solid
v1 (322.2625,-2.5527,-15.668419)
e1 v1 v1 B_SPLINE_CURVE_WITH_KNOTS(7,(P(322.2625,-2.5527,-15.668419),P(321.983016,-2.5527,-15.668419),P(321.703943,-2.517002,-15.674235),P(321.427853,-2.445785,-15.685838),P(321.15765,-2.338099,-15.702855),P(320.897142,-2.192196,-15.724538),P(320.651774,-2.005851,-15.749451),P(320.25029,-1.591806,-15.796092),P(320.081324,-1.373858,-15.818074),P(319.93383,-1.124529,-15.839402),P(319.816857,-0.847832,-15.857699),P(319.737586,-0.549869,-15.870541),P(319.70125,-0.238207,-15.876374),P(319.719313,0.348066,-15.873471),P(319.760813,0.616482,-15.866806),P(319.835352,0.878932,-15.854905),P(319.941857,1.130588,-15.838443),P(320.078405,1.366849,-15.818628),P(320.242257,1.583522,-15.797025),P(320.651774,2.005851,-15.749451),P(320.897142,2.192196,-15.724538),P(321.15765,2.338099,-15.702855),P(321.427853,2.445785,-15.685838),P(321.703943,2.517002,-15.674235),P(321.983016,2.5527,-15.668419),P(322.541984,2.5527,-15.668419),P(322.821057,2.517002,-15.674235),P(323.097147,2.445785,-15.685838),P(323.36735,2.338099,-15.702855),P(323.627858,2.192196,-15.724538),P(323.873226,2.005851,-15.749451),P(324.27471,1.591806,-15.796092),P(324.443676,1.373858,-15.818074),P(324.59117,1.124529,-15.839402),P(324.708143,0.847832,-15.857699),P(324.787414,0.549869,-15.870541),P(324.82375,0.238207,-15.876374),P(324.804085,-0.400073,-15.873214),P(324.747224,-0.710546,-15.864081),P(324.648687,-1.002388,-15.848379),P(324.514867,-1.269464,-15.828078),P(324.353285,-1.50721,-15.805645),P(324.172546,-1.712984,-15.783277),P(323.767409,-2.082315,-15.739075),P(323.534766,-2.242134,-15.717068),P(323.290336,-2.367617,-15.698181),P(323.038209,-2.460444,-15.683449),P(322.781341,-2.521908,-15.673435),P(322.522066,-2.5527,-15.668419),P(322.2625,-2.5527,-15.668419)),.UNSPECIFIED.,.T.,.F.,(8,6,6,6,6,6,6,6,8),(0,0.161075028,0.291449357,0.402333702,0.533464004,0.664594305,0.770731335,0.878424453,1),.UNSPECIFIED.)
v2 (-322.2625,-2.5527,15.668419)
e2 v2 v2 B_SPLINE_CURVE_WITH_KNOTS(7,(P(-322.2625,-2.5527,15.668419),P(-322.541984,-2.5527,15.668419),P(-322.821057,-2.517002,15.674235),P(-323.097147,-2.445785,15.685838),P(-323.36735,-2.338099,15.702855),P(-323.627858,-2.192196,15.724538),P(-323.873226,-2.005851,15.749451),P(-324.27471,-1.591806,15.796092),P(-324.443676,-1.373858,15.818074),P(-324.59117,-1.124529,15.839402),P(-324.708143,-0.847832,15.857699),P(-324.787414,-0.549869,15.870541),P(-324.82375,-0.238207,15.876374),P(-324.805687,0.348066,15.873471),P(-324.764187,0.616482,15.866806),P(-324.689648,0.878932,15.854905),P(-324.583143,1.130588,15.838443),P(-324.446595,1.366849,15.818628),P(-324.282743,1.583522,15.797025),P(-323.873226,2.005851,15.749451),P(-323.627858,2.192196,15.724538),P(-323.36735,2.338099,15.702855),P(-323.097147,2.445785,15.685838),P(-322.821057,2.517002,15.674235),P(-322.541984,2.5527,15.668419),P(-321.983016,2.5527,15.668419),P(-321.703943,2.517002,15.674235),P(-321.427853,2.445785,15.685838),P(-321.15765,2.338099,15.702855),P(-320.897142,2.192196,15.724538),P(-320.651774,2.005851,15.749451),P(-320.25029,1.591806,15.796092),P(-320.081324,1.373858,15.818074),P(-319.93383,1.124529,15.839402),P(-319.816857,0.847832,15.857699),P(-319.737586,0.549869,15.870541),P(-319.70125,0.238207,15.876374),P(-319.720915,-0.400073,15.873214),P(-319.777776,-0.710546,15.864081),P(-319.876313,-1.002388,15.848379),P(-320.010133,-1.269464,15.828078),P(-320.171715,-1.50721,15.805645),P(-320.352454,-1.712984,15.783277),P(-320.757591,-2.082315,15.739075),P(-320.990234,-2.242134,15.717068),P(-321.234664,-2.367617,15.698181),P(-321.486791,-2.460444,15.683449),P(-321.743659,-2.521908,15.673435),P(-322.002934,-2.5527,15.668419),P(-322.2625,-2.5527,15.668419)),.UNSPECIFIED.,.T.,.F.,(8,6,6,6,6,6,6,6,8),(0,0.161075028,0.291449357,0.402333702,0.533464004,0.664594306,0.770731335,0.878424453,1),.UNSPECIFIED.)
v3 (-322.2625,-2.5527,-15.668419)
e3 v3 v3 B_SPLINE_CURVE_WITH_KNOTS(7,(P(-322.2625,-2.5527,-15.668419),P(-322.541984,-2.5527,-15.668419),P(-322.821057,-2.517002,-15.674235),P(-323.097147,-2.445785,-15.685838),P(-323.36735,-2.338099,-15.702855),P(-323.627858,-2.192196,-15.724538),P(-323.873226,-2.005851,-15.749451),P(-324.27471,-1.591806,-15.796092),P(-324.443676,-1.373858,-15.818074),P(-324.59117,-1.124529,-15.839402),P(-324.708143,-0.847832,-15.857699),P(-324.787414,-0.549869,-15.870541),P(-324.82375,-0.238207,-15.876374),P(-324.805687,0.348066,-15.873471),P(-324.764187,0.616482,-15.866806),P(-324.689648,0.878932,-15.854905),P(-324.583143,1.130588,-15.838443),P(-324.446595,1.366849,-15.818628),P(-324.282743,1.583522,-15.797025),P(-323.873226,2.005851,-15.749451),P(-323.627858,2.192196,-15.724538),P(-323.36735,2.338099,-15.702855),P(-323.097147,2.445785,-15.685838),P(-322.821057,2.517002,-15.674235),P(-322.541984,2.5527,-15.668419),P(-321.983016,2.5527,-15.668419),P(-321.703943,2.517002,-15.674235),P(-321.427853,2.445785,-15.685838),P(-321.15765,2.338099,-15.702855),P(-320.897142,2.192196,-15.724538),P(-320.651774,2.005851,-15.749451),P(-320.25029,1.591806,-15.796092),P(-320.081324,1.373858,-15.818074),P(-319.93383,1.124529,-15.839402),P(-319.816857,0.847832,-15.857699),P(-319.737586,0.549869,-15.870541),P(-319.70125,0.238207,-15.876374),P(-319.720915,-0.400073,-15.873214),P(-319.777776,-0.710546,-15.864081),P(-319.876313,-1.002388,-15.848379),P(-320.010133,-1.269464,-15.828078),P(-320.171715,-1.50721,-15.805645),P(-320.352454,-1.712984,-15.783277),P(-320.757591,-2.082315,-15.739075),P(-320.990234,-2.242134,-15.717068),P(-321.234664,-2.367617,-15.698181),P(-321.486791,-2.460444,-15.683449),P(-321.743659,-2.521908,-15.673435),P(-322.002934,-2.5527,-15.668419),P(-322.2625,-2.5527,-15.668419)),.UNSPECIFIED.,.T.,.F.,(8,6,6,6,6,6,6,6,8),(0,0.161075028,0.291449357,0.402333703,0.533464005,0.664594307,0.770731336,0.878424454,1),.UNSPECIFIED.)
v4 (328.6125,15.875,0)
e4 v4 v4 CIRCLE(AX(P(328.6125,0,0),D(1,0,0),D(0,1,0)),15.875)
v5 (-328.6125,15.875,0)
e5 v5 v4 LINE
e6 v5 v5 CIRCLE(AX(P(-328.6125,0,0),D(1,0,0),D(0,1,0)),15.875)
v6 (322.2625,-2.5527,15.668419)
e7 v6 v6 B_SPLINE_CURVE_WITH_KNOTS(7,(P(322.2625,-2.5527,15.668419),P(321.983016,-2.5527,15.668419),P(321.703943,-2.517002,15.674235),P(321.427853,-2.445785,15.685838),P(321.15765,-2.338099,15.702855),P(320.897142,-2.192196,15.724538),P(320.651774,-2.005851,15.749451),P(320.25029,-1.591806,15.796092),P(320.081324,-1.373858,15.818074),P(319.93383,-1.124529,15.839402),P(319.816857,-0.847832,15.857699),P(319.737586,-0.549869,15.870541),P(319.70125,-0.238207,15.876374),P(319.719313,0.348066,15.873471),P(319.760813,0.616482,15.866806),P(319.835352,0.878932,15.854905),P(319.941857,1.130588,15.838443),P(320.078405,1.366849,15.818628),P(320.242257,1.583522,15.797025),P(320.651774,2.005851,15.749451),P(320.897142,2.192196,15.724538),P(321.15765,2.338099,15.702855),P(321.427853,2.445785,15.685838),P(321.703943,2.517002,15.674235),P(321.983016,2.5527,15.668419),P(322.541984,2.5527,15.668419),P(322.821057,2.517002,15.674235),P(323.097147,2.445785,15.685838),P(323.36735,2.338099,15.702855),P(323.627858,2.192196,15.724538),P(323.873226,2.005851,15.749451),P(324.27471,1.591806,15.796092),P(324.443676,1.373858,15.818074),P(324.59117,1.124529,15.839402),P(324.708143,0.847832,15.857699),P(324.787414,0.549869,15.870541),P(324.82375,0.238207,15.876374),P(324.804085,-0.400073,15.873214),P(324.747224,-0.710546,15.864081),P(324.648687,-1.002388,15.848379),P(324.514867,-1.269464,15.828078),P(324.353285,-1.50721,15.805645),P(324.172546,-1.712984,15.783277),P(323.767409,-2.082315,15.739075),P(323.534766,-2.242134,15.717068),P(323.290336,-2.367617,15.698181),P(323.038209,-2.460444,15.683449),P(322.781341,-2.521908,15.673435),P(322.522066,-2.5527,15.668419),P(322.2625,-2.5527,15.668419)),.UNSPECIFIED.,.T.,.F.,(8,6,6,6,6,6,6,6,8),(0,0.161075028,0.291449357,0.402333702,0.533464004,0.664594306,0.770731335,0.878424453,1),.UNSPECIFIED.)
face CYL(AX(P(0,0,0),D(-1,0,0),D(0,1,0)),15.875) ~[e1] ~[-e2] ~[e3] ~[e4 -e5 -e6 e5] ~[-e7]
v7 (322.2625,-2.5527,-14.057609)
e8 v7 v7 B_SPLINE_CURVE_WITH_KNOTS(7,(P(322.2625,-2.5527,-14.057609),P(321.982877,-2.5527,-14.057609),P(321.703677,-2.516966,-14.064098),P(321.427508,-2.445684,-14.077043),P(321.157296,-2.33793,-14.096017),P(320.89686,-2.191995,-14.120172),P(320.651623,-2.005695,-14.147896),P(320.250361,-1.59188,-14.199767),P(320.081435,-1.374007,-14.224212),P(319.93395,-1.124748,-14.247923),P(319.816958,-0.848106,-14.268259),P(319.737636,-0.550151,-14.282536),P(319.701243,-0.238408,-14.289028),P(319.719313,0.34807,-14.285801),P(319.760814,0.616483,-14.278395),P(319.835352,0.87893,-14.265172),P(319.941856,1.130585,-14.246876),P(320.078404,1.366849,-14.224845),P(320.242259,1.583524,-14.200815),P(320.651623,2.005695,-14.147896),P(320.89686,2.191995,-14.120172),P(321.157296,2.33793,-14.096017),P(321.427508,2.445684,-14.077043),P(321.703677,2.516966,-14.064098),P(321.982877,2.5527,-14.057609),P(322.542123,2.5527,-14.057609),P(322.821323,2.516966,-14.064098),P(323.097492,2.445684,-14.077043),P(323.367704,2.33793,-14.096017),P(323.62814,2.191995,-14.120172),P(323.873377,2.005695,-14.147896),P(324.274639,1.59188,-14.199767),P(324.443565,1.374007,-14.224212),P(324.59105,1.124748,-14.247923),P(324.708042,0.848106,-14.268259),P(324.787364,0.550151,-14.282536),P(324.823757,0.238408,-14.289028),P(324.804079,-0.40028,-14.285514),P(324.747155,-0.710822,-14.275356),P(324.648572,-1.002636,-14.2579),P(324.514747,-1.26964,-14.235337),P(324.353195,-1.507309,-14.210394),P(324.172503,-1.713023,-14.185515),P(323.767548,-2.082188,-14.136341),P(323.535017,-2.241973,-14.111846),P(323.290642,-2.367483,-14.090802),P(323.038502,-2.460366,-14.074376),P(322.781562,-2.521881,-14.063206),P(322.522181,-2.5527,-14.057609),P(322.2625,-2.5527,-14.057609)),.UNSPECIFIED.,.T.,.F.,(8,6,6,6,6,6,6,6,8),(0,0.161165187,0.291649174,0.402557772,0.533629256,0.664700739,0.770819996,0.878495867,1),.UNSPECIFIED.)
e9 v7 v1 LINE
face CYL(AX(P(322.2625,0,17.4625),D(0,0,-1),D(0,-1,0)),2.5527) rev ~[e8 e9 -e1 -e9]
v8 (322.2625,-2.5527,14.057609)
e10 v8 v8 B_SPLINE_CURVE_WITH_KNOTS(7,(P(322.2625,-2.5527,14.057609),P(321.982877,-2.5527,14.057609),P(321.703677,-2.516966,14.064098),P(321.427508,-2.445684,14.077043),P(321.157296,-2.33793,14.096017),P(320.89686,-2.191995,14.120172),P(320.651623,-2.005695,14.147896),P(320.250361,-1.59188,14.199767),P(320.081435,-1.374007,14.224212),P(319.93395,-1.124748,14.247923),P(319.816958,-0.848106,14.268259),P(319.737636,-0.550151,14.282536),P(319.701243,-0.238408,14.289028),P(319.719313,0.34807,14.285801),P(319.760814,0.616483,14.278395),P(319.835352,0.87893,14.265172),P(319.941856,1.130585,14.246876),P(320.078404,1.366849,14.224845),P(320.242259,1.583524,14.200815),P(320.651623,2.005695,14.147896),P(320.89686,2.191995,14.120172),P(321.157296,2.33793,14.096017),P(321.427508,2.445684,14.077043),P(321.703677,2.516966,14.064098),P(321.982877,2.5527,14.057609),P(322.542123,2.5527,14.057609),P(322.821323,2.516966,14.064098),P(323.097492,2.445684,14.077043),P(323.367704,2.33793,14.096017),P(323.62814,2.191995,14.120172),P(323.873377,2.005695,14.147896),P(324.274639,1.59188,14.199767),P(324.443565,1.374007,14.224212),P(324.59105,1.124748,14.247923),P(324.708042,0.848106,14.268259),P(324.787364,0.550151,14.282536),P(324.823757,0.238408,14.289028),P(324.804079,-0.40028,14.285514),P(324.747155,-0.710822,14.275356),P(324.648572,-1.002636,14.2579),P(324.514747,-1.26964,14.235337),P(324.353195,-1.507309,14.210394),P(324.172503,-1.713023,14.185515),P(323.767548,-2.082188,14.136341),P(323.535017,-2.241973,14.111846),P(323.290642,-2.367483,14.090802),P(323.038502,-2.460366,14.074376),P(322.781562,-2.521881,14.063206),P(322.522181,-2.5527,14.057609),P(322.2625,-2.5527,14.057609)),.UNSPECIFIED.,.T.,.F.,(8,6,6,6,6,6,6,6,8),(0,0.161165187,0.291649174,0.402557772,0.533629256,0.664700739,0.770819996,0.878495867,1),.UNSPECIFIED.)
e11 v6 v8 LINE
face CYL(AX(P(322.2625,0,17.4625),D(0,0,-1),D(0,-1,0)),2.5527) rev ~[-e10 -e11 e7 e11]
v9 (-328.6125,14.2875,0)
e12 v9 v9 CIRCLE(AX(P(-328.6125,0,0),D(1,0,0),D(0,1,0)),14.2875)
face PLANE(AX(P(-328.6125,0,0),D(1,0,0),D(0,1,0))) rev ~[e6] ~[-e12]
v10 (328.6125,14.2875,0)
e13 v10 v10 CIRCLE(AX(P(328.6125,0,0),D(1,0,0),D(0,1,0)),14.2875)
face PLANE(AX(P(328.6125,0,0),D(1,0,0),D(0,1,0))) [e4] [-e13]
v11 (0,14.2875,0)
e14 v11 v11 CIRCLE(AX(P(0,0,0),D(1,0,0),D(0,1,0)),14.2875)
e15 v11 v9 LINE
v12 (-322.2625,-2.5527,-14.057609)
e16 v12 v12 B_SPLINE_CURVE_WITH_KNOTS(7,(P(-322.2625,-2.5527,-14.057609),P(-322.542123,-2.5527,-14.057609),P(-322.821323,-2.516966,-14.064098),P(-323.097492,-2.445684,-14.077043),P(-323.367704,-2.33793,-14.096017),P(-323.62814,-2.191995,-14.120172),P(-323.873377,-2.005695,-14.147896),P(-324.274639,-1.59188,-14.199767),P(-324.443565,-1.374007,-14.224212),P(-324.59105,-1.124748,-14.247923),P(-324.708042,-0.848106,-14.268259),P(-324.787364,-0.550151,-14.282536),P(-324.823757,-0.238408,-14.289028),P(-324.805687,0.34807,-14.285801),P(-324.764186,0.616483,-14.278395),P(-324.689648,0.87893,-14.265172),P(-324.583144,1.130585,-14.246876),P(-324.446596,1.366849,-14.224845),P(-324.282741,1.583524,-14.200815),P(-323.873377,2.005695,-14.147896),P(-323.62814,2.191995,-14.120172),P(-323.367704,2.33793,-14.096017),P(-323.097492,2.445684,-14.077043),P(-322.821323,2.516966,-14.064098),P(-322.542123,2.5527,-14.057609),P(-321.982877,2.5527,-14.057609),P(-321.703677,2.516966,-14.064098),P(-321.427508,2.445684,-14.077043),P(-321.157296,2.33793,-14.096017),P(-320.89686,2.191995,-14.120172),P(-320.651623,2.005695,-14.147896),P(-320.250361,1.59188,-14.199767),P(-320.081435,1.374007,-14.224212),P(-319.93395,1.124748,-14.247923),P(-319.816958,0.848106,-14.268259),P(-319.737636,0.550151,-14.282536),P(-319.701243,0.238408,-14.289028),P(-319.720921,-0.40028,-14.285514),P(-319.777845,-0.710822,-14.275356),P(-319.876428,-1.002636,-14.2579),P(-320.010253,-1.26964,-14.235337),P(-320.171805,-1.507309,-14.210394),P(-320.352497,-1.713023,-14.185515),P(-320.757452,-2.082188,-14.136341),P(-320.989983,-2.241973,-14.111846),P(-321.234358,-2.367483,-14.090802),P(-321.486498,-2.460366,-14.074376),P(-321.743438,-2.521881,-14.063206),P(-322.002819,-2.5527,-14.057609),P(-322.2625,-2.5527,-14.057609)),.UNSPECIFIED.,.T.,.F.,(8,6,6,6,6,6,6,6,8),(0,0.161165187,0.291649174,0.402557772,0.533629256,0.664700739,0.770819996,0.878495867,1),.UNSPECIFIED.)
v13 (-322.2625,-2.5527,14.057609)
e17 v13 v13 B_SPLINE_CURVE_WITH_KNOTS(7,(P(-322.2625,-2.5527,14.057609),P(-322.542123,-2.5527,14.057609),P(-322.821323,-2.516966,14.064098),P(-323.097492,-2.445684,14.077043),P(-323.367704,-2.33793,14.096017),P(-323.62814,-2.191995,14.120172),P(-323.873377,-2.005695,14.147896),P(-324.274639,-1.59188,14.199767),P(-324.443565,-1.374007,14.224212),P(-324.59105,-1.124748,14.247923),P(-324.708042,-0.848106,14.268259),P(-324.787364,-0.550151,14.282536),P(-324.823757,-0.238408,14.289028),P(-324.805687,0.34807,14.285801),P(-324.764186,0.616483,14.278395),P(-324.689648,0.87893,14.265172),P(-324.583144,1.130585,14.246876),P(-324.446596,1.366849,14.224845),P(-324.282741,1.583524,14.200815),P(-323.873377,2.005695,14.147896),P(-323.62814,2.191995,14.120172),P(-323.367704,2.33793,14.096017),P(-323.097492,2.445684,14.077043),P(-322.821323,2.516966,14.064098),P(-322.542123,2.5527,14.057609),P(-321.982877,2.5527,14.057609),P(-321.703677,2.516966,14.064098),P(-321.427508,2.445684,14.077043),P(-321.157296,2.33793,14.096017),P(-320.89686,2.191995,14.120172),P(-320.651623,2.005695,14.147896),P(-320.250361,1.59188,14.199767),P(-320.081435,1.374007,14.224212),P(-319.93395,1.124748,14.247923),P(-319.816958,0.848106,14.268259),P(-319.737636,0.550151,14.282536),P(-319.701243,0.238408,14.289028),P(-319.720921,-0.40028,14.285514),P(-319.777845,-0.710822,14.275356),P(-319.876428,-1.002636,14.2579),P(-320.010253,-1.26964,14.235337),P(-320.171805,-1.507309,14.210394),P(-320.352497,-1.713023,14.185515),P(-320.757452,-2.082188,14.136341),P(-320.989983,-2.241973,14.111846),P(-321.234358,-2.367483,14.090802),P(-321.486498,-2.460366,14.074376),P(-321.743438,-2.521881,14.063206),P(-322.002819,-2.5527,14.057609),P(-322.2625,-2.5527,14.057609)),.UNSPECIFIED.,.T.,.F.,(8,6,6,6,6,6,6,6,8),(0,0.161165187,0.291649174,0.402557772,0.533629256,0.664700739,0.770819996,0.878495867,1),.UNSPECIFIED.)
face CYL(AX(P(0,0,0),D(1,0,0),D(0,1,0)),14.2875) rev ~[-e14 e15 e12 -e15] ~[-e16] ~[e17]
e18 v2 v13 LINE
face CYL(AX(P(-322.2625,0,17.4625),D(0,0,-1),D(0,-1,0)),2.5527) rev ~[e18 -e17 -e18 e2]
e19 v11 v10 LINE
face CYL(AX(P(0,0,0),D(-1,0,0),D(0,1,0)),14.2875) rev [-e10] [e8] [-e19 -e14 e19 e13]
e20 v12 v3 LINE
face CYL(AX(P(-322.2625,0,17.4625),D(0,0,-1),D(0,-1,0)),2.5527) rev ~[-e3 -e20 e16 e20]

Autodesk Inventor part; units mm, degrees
ref_plane "YZ Plane" through (0, 0, 0) normal (1, 0, 0) x (0, 1, 0)
ref_plane "XZ Plane" through (0, 0, 0) normal (0, 1, 0) x (-1, 0, 0)
sketch "Sketch1" plane through (0, 0, 0) normal (1, 0, 0) x (0, 1, 0)
  circle A0 centre (0, 0) radius 15.875
  circle A1 centre (0, 0) radius 14.2875
  dimension "d0" = 31.75
  dimension "d2" = 1.5875
extrude "Extrusion1" add sketch "Sketch1" along normal mid plane 657.225
ref_plane "Work Plane1" through (0, 0, 17.4625) normal (0, 0, 1) x (1, 0, 0)
sketch "Sketch3" plane through (0, 0, 17.4625) normal (0, 0, 1) x (1, 0, 0)
  line L0 (-328.6125, 15.875) -> (-328.6125, -15.875) projected
  line L1 (328.6125, -15.875) -> (328.6125, 15.875) projected
  point P0 (0, 0)
  point P1 (-322.2625, 0)
  point P2 (-328.6125, 0)
  point P3 (322.2625, 0)
  point P4 (328.6125, 0)
  dimension "d15" = 6.35
  dimension "d16" = 6.35
hole "Hole2" at (-322.2625, 0, 17.4625) at (322.2625, 0, 17.4625) direction (0, 0, -1) diameter 5.1054 end through all clearance for "Flat Head Machine Screw (82)" size "#10" standard "Ansi Unified Screw Threads"
properties part number "GI - 003" material "Polycarbonate, Smoke"
